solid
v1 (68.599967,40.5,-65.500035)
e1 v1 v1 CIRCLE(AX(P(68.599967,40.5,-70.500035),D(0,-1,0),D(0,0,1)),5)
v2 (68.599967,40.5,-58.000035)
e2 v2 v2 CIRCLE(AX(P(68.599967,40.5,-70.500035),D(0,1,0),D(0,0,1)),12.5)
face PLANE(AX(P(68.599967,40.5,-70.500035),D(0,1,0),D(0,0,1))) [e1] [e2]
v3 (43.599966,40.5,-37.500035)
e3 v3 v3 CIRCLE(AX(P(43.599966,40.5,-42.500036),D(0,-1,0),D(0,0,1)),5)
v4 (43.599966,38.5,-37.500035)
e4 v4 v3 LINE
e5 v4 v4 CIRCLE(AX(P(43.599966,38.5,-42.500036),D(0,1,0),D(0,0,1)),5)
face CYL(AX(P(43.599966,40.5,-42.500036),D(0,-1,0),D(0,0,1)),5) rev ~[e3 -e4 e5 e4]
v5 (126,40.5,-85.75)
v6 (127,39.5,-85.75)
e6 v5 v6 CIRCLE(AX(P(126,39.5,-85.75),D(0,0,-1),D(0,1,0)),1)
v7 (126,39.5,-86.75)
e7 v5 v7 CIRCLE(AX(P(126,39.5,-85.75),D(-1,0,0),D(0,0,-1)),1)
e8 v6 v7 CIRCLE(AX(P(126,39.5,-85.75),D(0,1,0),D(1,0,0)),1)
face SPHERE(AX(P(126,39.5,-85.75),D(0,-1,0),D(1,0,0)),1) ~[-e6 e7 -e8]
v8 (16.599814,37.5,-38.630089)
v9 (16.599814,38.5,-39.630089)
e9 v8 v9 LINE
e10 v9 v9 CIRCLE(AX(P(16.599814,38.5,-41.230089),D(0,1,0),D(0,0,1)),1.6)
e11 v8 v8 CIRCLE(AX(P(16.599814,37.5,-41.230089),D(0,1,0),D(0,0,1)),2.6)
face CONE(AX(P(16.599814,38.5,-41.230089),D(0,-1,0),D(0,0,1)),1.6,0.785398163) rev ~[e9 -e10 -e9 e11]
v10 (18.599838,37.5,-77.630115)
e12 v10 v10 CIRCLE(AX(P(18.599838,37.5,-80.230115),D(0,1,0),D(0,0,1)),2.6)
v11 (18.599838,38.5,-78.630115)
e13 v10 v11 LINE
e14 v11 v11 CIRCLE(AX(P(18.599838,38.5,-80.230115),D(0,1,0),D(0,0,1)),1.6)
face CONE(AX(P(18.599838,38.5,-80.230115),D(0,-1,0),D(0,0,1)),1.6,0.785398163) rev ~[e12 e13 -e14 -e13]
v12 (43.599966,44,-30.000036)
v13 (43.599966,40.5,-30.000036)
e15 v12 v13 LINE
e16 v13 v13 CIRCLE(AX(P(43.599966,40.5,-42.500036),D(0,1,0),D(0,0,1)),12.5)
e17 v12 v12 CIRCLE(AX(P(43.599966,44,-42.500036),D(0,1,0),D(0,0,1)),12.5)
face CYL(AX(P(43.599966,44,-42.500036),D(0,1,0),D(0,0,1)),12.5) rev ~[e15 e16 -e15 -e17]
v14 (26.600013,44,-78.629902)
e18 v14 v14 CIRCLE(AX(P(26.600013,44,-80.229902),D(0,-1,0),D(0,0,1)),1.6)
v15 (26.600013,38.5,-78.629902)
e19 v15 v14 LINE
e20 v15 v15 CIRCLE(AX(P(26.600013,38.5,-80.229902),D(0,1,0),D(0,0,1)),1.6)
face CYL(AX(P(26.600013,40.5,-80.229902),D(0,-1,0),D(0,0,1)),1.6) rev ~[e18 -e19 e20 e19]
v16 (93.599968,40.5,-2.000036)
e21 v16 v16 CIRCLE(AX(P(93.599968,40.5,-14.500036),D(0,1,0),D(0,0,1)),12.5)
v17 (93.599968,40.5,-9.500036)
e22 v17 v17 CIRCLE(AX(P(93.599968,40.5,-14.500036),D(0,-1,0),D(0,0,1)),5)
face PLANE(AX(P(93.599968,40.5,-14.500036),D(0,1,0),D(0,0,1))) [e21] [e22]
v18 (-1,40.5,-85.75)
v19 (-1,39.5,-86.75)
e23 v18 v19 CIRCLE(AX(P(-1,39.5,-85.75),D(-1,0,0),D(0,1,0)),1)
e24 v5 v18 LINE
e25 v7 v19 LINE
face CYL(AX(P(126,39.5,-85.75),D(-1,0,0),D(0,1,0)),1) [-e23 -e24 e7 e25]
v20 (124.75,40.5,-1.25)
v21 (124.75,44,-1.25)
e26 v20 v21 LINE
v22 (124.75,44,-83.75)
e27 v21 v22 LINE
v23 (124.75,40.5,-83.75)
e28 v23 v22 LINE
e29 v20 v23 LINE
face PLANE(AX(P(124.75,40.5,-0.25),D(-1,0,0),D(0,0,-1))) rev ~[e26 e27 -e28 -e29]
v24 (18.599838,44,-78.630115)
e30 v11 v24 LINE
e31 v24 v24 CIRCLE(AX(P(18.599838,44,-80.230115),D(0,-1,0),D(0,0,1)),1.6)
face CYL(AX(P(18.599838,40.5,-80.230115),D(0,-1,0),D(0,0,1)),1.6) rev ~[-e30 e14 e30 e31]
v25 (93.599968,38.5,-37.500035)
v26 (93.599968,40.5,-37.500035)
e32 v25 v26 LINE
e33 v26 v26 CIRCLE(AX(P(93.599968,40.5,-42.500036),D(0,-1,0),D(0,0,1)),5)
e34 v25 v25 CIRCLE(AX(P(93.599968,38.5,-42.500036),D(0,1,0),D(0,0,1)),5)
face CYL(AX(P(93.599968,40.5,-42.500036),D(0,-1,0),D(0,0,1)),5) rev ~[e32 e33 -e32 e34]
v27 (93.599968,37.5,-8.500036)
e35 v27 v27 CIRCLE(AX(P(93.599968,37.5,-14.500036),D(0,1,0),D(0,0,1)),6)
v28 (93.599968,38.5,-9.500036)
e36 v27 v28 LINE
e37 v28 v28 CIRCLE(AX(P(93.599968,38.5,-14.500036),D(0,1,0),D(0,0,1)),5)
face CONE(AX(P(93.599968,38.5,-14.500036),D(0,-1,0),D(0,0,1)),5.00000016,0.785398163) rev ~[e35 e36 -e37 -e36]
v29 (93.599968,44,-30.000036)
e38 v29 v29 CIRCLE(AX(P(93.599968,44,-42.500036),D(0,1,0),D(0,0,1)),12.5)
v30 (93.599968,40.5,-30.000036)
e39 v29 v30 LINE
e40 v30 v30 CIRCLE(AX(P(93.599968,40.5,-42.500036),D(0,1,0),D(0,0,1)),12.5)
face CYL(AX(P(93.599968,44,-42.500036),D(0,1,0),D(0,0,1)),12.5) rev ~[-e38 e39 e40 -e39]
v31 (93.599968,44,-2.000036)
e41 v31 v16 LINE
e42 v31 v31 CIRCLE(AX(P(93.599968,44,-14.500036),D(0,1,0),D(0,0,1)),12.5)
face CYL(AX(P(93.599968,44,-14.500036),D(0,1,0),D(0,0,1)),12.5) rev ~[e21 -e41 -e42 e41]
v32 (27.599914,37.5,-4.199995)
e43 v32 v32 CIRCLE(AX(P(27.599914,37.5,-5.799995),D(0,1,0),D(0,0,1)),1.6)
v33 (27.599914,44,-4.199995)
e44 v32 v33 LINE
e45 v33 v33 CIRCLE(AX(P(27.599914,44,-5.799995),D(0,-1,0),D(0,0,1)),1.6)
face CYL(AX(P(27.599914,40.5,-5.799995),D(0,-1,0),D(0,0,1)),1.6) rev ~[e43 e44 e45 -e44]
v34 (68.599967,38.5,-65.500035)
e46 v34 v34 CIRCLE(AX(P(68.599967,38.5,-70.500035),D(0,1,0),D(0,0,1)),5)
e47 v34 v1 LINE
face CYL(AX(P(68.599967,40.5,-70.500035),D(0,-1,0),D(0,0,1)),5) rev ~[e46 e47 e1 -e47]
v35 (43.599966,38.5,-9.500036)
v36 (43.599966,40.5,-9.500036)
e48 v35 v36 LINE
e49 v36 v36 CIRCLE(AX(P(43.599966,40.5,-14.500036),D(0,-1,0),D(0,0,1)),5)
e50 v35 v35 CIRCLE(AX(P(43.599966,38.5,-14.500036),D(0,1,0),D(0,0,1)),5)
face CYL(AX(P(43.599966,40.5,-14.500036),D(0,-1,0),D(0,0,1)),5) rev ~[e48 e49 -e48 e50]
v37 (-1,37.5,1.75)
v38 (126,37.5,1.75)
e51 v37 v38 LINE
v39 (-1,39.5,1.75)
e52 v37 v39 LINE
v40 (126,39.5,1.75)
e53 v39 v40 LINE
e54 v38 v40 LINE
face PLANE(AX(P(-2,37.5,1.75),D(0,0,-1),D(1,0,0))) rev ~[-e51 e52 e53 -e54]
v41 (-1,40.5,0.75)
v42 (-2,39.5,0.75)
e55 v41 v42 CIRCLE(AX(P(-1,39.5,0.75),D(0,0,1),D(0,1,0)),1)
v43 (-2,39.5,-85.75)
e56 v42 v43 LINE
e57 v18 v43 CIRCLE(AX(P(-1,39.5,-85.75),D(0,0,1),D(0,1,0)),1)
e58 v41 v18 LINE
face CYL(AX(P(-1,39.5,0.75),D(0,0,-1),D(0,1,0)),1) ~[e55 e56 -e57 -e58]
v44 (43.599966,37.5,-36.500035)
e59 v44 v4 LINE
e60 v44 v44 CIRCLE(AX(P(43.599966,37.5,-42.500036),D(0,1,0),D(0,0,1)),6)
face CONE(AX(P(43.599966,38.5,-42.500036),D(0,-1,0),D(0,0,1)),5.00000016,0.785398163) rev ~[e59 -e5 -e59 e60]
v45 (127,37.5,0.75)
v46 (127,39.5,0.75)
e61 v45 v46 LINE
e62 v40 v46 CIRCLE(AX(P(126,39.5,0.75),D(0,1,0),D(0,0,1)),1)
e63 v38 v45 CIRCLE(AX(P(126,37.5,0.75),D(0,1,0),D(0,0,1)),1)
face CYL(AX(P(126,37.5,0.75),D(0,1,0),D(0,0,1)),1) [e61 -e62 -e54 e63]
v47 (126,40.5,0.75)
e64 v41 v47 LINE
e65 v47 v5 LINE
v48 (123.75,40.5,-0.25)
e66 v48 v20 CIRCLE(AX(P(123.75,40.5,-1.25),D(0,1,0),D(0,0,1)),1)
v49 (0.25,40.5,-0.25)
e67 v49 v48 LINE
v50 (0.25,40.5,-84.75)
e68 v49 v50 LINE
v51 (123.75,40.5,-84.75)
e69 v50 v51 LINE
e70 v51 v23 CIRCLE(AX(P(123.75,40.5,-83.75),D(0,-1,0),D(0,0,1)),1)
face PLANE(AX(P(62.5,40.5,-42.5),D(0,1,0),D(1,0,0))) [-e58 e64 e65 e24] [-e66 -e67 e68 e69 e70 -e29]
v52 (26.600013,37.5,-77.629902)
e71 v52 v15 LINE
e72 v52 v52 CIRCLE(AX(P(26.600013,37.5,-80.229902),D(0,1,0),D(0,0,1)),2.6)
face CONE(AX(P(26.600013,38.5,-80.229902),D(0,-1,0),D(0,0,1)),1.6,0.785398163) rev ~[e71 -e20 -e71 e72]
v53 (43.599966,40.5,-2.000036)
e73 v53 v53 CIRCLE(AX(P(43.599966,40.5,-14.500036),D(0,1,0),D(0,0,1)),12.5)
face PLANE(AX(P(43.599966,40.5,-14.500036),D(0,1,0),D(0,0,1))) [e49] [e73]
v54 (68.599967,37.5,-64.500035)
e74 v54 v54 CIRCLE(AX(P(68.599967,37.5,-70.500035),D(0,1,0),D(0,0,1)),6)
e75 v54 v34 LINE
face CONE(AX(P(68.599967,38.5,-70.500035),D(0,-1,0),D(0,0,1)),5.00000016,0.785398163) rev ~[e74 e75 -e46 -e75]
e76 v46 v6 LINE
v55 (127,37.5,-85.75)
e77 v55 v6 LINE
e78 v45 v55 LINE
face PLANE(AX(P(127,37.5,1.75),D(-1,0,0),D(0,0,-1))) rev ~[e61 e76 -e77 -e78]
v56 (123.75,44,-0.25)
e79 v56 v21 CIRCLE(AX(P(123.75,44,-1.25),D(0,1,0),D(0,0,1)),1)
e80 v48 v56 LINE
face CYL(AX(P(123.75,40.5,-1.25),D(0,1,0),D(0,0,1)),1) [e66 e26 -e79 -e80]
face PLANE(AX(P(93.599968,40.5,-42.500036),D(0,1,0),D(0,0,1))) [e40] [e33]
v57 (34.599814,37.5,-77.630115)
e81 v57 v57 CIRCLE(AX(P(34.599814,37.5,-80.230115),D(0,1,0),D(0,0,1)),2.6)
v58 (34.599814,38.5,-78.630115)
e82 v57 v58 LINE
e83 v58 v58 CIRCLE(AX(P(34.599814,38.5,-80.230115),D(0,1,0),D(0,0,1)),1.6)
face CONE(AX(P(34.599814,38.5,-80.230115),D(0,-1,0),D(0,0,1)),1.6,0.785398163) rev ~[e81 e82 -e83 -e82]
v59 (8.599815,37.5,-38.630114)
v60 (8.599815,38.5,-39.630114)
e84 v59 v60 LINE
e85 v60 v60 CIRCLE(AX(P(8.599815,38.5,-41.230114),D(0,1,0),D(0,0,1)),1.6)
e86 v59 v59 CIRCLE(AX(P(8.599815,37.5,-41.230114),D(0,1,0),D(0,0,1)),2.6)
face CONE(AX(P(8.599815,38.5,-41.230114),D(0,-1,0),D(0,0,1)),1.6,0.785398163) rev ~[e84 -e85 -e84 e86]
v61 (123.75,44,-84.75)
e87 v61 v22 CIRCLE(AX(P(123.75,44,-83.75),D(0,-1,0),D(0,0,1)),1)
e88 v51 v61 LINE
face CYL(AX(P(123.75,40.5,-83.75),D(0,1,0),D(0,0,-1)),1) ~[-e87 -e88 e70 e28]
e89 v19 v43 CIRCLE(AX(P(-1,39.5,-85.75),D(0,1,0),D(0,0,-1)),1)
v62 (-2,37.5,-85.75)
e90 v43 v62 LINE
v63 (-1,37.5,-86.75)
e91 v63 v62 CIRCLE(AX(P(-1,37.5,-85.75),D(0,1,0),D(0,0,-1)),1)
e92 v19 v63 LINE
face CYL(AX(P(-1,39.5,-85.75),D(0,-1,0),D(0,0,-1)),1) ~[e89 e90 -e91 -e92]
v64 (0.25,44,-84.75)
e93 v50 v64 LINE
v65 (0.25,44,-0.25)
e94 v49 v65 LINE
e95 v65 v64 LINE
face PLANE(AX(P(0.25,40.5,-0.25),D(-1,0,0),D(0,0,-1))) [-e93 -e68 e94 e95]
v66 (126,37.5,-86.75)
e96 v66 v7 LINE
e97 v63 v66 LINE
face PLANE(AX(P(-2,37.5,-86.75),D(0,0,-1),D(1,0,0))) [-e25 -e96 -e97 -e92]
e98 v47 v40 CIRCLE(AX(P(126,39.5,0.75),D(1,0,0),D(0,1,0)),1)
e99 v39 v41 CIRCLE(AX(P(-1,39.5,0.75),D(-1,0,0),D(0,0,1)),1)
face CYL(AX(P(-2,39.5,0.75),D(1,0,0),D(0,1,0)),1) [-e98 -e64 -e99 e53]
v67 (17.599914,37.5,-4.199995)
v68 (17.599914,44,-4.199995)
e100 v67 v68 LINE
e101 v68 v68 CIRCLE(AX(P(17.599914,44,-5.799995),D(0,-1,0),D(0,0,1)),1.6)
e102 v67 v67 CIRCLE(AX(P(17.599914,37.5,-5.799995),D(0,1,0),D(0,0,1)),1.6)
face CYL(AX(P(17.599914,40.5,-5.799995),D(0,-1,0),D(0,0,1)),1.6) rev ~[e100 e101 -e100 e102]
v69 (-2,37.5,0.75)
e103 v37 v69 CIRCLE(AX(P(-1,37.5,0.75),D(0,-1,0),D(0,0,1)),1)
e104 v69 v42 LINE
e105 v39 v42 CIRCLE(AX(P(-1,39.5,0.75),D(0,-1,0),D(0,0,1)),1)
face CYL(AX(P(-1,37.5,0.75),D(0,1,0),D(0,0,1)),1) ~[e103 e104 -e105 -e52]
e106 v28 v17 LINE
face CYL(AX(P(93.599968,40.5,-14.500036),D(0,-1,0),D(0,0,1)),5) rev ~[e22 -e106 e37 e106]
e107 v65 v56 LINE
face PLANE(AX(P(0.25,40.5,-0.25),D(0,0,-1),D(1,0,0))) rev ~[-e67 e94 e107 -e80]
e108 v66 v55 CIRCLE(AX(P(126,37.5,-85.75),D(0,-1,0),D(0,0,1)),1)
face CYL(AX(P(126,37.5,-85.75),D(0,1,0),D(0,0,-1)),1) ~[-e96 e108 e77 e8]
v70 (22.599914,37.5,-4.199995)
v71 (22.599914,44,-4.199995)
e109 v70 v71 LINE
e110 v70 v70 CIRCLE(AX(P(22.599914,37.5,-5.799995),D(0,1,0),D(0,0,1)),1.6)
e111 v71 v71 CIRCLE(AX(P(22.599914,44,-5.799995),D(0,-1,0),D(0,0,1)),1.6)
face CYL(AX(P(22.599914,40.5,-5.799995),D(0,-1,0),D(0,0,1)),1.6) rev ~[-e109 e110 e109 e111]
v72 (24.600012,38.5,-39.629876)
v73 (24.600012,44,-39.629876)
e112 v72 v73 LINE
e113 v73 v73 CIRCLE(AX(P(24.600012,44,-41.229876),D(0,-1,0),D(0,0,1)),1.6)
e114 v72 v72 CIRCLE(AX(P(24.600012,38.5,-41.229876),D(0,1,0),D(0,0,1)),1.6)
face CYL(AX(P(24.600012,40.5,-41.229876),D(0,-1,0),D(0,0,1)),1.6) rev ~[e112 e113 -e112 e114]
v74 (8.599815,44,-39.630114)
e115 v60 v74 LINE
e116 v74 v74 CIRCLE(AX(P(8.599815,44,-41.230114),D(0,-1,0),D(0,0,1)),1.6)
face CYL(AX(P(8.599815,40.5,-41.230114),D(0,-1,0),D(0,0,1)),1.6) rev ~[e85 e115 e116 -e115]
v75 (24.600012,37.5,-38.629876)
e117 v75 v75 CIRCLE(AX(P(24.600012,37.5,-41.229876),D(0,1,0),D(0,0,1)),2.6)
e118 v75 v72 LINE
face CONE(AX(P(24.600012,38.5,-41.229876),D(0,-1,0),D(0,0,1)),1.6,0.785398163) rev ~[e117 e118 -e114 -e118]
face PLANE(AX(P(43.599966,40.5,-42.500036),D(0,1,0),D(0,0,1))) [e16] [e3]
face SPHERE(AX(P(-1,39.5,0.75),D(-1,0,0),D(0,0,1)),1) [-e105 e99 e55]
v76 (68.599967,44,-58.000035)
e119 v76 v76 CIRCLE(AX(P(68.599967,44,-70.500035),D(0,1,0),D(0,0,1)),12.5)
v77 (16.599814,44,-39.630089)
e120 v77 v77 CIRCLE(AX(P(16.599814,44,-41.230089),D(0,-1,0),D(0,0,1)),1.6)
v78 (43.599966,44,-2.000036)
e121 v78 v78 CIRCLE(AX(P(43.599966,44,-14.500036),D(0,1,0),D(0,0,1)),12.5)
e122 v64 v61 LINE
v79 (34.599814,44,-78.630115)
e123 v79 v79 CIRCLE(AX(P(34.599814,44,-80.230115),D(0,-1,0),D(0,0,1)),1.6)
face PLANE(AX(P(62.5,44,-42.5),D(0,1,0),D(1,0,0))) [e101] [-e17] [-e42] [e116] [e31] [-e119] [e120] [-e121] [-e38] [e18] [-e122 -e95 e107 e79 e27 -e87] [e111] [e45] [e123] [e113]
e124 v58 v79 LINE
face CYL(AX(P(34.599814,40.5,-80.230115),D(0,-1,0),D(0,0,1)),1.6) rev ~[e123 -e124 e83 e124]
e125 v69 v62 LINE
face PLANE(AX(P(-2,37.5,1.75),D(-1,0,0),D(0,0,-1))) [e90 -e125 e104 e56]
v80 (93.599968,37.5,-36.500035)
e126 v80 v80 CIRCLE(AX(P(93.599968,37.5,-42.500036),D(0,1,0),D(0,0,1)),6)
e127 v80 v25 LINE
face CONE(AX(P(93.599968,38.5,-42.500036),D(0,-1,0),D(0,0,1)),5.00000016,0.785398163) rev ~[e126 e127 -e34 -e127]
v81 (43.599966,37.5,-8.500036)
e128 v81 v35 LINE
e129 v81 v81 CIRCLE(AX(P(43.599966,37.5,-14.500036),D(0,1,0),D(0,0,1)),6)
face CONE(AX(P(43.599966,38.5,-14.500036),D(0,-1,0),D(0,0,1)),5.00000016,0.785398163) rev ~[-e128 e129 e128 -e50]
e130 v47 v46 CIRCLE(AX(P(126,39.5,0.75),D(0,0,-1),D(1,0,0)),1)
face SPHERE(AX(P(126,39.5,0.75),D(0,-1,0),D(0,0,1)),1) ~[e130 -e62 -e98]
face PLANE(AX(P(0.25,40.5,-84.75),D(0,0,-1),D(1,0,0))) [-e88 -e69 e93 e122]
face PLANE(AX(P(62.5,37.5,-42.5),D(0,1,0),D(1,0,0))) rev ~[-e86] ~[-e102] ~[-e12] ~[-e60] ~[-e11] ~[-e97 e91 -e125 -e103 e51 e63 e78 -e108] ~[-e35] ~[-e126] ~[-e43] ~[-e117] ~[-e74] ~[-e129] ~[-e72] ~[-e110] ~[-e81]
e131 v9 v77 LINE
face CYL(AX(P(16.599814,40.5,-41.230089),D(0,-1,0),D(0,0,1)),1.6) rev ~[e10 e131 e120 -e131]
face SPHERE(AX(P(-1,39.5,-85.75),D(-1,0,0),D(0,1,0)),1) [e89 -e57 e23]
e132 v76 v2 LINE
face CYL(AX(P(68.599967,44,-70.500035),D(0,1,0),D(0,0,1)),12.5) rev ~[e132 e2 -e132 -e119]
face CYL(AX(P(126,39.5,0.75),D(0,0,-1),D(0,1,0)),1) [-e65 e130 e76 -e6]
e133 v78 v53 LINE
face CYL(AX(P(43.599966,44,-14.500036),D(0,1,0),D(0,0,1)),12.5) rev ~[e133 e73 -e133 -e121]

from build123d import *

# Parameters (mm, degrees)
SKETCH_1_W          = 129
SKETCH_1_H          = 88.5
EXTRUDE_1_DEPTH     = 3
SKETCH_2_R          = 5.00000016
CUT_EXTRUDE_1_DEPTH = 154.829654163
SKETCH_3_R          = 1.6
CUT_EXTRUDE_2_DEPTH = 154.829654163
CHAMFER_1_SIZE      = 1
CHAMFER_2_SIZE      = 1
SKETCH_6_W          = 124.5
SKETCH_6_H          = 84.5
EXTRUDE_3_DEPTH     = 3.5
SKETCH_7_R          = 5.00000016
SKETCH_7_R_2        = 1.6
CUT_EXTRUDE_3_DEPTH = 154.840217434
SKETCH_9_R          = 12.5
CUT_EXTRUDE_4_DEPTH = 3.5
FILLET_4_R          = 1
FILLET_5_R          = 1
FILLET_6_R          = 1


with BuildPart() as part:
    # Эскиз1 → Бобышка-Вытянуть1 (new body)
    with BuildSketch(Plane(origin=(0, 37.5, 0), x_dir=(1, 0, 0), z_dir=(0, 1, 0))):
        with Locations((62.5, 42.5)):
            Rectangle(SKETCH_1_W, SKETCH_1_H)
    extrude(amount=EXTRUDE_1_DEPTH)

    # Эскиз2 → Вырез-Вытянуть1 (cut, through all)
    with BuildSketch(Plane(origin=(0, 40.5, 0), x_dir=(1, 0, 0), z_dir=(0, 1, 0))):
        with Locations(Location((43.5999659, 14.50003568, 0), (0, 0, 270))):
            Circle(SKETCH_2_R)
        with Locations(Location((43.5999659, 42.50003556, 0), (0, 0, 270))):
            Circle(SKETCH_2_R)
        with Locations(Location((68.5999667, 70.50003544, 0), (0, 0, 270))):
            Circle(SKETCH_2_R)
        with Locations(Location((93.5999675, 42.50003556, 0), (0, 0, 270))):
            Circle(SKETCH_2_R)
        with Locations(Location((93.5999675, 14.50003568, 0), (0, 0, 270))):
            Circle(SKETCH_2_R)
    extrude(amount=-CUT_EXTRUDE_1_DEPTH, mode=Mode.SUBTRACT)

    # Эскиз3 → Вырез-Вытянуть2 (cut, through all)
    with BuildSketch(Plane(origin=(0, 40.5, 0), x_dir=(1, 0, 0), z_dir=(0, 1, 0))):
        with Locations(Location((34.59981372, 80.23011504, 0), (0, 0, 270))):
            Circle(SKETCH_3_R)
        with Locations(Location((26.6000126, 80.22990168, 0), (0, 0, 270))):
            Circle(SKETCH_3_R)
        with Locations(Location((18.5998381, 80.23011504, 0), (0, 0, 270))):
            Circle(SKETCH_3_R)
        with Locations(Location((8.59981492, 41.2301143, 0), (0, 0, 270))):
            Circle(SKETCH_3_R)
        with Locations(Location((16.59981416, 41.2300889, 0), (0, 0, 270))):
            Circle(SKETCH_3_R)
        with Locations(Location((24.60001152, 41.22987554, 0), (0, 0, 270))):
            Circle(SKETCH_3_R)
        with Locations(Location((17.59991376, 5.79999466, 0), (0, 0, 270))):
            Circle(SKETCH_3_R)
        with Locations(Location((22.59991392, 5.79999466, 0), (0, 0, 270))):
            Circle(SKETCH_3_R)
        with Locations(Location((27.59991408, 5.79999466, 0), (0, 0, 270))):
            Circle(SKETCH_3_R)
    extrude(amount=-CUT_EXTRUDE_2_DEPTH, mode=Mode.SUBTRACT)

    # Фаска1
    chamfer_1_edges = [part.edges().sort_by_distance(p)[0] for p in [
        (43.5999659, 37.5, -19.50003584),
        (43.5999659, 37.5, -47.50003572),
        (68.5999667, 37.5, -75.5000356),
        (93.5999675, 37.5, -47.50003572),
        (93.5999675, 37.5, -19.50003584),
    ]]
    chamfer(chamfer_1_edges, length=CHAMFER_1_SIZE)

    # Фаска2
    chamfer_2_edges = [part.edges().sort_by_distance(p)[0] for p in [
        (34.59981372, 37.5, -81.83011504),
        (26.6000126, 37.5, -81.82990168),
        (18.5998381, 37.5, -81.83011504),
        (8.59981492, 37.5, -42.8301143),
        (16.59981416, 37.5, -42.8300889),
        (24.60001152, 37.5, -42.82987554),
    ]]
    chamfer(chamfer_2_edges, length=CHAMFER_2_SIZE)

    # Эскиз6 → Бобышка-Вытянуть3 (add)
    with BuildSketch(Plane(origin=(0, 40.5, 0), x_dir=(1, 0, 0), z_dir=(0, 1, 0))):
        with Locations((62.5, 42.5)):
            Rectangle(SKETCH_6_W, SKETCH_6_H)
    extrude(amount=EXTRUDE_3_DEPTH)

    # Эскиз7 → Вырез-Вытянуть3 (cut, through all)
    with BuildSketch(Plane.XZ.offset(-40.5)):
        with Locations(Location((43.5999659, -42.50003556, 0), (0, 0, 90))):
            Circle(SKETCH_7_R)
        with Locations(Location((43.5999659, -14.50003568, 0), (0, 0, 90))):
            Circle(SKETCH_7_R)
        with Locations(Location((93.5999675, -14.50003568, 0), (0, 0, 90))):
            Circle(SKETCH_7_R)
        with Locations(Location((93.5999675, -42.50003556, 0), (0, 0, 90))):
            Circle(SKETCH_7_R)
        with Locations(Location((68.5999667, -70.50003544, 0), (0, 0, 90))):
            Circle(SKETCH_7_R)
        with Locations(Location((24.60001152, -41.22987554, 0), (0, 0, 90))):
            Circle(SKETCH_7_R_2)
        with Locations(Location((16.59981416, -41.2300889, 0), (0, 0, 90))):
            Circle(SKETCH_7_R_2)
        with Locations(Location((8.59981492, -41.2301143, 0), (0, 0, 90))):
            Circle(SKETCH_7_R_2)
        with Locations(Location((18.5998381, -80.23011504, 0), (0, 0, 90))):
            Circle(SKETCH_7_R_2)
        with Locations(Location((26.6000126, -80.22990168, 0), (0, 0, 90))):
            Circle(SKETCH_7_R_2)
        with Locations(Location((34.59981372, -80.23011504, 0), (0, 0, 90))):
            Circle(SKETCH_7_R_2)
        with Locations(Location((17.59991376, -5.79999466, 0), (0, 0, 90))):
            Circle(SKETCH_7_R_2)
        with Locations(Location((22.59991392, -5.79999466, 0), (0, 0, 90))):
            Circle(SKETCH_7_R_2)
        with Locations(Location((27.59991408, -5.79999466, 0), (0, 0, 90))):
            Circle(SKETCH_7_R_2)
    extrude(amount=-CUT_EXTRUDE_3_DEPTH, mode=Mode.SUBTRACT)

    # Эскиз9 → Вырез-Вытянуть4 (cut)
    with BuildSketch(Plane(origin=(0, 44, 0), x_dir=(1, 0, 0), z_dir=(0, 1, 0))):
        with Locations(Location((43.5999659, 14.50003568, 0), (0, 0, 270))):
            Circle(SKETCH_9_R)
        with Locations(Location((43.5999659, 42.50003556, 0), (0, 0, 270))):
            Circle(SKETCH_9_R)
        with Locations(Location((68.5999667, 70.50003544, 0), (0, 0, 270))):
            Circle(SKETCH_9_R)
        with Locations(Location((93.5999675, 42.50003556, 0), (0, 0, 270))):
            Circle(SKETCH_9_R)
        with Locations(Location((93.5999675, 14.50003568, 0), (0, 0, 270))):
            Circle(SKETCH_9_R)
    extrude(amount=-CUT_EXTRUDE_4_DEPTH, mode=Mode.SUBTRACT)

    # Скругление4
    fillet_4_edges = [part.edges().sort_by_distance(p)[0] for p in [
        (124.75, 42.25, -0.25),
        (124.75, 42.25, -84.75),
        (127, 39, 1.75),
        (127, 39, -86.75),
    ]]
    fillet(fillet_4_edges, radius=FILLET_4_R)

    # Скругление5
    fillet_5_edges = [part.edges().sort_by_distance(p)[0] for p in [
        (62, 40.5, 1.75),
        (127, 40.5, -42.5),
        (62, 40.5, -86.75),
        (126.707106781, 40.5, -86.457106781),
        (126.707106781, 40.5, 1.457106781),
    ]]
    fillet(fillet_5_edges, radius=FILLET_5_R)

    # Скругление6
    fillet_6_edges = [part.edges().sort_by_distance(p)[0] for p in [
        (-2, 40.5, -42.5),
        (-2, 38.5, 1.75),
        (-2, 38.5, -86.75),
        (-2, 40.207106781, -86.457106781),
        (-2, 40.207106781, 1.457106781),
    ]]
    fillet(fillet_6_edges, radius=FILLET_6_R)


solid = part.part
